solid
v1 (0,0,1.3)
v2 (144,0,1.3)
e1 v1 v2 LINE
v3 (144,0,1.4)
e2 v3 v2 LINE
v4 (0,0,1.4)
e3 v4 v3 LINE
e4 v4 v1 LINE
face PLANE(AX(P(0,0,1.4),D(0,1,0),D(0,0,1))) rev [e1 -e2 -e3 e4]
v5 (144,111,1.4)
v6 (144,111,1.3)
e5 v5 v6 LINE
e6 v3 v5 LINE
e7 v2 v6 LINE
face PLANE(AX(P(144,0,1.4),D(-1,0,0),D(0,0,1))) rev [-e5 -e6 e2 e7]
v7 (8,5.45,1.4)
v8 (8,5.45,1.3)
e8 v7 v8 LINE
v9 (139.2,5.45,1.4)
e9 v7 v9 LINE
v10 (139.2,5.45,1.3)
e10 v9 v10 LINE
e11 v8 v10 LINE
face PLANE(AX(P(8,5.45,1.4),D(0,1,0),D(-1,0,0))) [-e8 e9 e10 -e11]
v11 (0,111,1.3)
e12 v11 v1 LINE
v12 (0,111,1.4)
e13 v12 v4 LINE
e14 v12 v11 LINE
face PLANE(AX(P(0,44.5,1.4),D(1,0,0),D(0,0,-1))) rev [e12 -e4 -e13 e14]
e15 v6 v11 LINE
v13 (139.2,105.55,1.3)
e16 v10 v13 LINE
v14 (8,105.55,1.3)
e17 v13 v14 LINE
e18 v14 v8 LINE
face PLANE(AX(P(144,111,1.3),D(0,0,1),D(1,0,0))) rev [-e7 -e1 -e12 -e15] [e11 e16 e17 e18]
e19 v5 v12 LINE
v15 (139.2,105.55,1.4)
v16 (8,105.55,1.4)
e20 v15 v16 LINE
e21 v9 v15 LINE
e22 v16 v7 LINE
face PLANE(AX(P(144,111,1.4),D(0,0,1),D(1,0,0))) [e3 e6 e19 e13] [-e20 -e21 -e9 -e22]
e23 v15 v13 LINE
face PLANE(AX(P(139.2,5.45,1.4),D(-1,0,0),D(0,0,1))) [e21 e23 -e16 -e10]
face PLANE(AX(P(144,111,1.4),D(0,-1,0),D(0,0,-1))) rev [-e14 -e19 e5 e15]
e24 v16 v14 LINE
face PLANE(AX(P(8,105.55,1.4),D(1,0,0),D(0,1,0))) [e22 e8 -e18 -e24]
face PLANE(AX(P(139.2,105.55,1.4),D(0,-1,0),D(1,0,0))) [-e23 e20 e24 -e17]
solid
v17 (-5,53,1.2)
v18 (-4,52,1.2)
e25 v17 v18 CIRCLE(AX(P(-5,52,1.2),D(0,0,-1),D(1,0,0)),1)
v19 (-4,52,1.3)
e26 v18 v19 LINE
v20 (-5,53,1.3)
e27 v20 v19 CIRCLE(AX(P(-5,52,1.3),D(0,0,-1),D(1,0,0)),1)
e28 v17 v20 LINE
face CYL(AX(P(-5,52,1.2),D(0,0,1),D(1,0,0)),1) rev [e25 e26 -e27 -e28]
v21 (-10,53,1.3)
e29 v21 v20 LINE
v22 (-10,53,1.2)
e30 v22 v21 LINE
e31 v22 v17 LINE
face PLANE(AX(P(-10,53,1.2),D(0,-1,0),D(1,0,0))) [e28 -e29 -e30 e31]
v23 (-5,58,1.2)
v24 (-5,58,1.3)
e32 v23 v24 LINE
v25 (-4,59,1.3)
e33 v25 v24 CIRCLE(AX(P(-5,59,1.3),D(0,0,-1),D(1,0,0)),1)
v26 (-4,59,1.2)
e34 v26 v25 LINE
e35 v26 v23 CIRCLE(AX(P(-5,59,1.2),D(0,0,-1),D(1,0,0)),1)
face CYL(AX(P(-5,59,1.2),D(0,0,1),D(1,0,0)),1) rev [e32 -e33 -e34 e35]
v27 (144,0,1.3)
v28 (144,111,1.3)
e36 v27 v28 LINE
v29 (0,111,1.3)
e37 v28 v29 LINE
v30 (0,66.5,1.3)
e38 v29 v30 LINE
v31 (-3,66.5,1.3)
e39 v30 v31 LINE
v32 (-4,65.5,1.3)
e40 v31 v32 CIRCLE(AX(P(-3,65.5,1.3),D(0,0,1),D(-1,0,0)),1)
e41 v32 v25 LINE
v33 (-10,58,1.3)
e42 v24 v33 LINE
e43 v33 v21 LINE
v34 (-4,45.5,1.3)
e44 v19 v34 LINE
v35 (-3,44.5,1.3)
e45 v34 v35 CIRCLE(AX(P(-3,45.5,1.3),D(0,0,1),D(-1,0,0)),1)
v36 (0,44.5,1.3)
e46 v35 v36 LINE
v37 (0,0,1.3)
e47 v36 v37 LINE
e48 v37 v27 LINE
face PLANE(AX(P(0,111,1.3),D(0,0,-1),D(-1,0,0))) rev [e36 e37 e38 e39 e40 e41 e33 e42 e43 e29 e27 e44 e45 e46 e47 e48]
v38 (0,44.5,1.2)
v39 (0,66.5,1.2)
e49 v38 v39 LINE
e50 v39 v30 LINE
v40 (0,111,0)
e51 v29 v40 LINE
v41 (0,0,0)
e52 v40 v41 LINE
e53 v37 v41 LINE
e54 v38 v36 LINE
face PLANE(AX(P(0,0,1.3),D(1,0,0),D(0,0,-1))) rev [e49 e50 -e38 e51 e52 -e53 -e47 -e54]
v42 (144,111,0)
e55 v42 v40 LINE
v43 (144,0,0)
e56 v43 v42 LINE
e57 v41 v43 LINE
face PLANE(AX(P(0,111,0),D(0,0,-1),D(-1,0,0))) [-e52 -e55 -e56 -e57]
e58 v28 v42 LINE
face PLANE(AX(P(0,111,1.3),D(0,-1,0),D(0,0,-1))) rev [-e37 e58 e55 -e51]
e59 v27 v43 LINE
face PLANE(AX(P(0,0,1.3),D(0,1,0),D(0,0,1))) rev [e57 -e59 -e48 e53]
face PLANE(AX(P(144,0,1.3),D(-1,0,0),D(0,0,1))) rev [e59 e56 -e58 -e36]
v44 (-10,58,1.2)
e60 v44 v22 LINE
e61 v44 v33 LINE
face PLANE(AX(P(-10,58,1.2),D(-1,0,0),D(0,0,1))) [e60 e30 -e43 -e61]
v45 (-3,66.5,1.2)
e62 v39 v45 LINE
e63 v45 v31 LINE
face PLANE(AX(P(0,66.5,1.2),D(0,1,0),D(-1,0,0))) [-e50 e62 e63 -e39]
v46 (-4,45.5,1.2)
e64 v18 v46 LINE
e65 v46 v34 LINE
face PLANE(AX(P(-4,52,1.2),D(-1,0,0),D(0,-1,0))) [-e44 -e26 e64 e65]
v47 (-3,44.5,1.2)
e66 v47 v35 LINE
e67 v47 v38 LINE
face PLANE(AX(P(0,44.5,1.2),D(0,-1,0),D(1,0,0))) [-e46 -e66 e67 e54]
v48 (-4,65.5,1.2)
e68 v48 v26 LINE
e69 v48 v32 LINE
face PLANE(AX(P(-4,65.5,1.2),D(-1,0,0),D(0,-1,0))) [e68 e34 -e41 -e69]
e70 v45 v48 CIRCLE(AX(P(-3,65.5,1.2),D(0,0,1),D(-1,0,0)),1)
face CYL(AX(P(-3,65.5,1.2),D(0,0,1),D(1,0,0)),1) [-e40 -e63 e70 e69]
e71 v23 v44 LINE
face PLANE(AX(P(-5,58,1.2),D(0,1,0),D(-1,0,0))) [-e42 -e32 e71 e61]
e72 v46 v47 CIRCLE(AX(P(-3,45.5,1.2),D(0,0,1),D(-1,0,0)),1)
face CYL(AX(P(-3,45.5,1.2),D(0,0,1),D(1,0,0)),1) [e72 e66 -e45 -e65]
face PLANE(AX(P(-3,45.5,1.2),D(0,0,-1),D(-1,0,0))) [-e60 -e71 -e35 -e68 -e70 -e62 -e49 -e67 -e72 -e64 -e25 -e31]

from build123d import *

# Parameters (mm, degrees)
SKETCH1_W           = 144
SKETCH1_H           = 111
BOSS_EXTRUDE1_DEPTH = 1.3
BOSS_EXTRUDE2_DEPTH = 0.1
SKETCH5_W           = 131.2
SKETCH5_H           = 100.1
BOSS_EXTRUDE3_DEPTH = 0.1


with BuildPart() as part:
    # Sketch1 → Boss-Extrude1 (new body)
    with BuildSketch(Plane.XY):
        with Locations((72, 55.5)):
            Rectangle(SKETCH1_W, SKETCH1_H)
    extrude(amount=BOSS_EXTRUDE1_DEPTH)

    # Sketch2 → Boss-Extrude2 (add)
    with BuildSketch(Plane.XY.offset(1.3)):
        with BuildLine():
            Line((0, 66.5), (-3, 66.5))
            ThreePointArc((-3, 66.5), (-3.707106781, 66.207106781), (-4, 65.5))
            Line((-4, 65.5), (-4, 59))
            ThreePointArc((-4, 59), (-4.292893219, 58.292893219), (-5, 58))
            Line((-5, 58), (-10, 58))
            Line((-10, 58), (-10, 53))
            Line((-10, 53), (-5, 53))
            ThreePointArc((-5, 53), (-4.292893219, 52.707106781), (-4, 52))
            Line((-4, 52), (-4, 45.5))
            ThreePointArc((-4, 45.5), (-3.707106781, 44.792893219), (-3, 44.5))
            Line((-3, 44.5), (0, 44.5))
            Line((0, 44.5), (0, 66.5))
        make_face()
    extrude(amount=-BOSS_EXTRUDE2_DEPTH)


with BuildPart() as body_2:
    # Sketch5 → Boss-Extrude3 (new body)
    with BuildSketch(Plane.XY.offset(1.3)):
        Polygon((144, 111), (0, 111), (0, 66.5), (0, 44.5), (0, 0), (144, 0), align=None)
        with Locations((73.6, 55.5)):
            Rectangle(SKETCH5_W, SKETCH5_H, mode=Mode.SUBTRACT)
    extrude(amount=BOSS_EXTRUDE3_DEPTH)


solid = Compound([part.part, body_2.part])
